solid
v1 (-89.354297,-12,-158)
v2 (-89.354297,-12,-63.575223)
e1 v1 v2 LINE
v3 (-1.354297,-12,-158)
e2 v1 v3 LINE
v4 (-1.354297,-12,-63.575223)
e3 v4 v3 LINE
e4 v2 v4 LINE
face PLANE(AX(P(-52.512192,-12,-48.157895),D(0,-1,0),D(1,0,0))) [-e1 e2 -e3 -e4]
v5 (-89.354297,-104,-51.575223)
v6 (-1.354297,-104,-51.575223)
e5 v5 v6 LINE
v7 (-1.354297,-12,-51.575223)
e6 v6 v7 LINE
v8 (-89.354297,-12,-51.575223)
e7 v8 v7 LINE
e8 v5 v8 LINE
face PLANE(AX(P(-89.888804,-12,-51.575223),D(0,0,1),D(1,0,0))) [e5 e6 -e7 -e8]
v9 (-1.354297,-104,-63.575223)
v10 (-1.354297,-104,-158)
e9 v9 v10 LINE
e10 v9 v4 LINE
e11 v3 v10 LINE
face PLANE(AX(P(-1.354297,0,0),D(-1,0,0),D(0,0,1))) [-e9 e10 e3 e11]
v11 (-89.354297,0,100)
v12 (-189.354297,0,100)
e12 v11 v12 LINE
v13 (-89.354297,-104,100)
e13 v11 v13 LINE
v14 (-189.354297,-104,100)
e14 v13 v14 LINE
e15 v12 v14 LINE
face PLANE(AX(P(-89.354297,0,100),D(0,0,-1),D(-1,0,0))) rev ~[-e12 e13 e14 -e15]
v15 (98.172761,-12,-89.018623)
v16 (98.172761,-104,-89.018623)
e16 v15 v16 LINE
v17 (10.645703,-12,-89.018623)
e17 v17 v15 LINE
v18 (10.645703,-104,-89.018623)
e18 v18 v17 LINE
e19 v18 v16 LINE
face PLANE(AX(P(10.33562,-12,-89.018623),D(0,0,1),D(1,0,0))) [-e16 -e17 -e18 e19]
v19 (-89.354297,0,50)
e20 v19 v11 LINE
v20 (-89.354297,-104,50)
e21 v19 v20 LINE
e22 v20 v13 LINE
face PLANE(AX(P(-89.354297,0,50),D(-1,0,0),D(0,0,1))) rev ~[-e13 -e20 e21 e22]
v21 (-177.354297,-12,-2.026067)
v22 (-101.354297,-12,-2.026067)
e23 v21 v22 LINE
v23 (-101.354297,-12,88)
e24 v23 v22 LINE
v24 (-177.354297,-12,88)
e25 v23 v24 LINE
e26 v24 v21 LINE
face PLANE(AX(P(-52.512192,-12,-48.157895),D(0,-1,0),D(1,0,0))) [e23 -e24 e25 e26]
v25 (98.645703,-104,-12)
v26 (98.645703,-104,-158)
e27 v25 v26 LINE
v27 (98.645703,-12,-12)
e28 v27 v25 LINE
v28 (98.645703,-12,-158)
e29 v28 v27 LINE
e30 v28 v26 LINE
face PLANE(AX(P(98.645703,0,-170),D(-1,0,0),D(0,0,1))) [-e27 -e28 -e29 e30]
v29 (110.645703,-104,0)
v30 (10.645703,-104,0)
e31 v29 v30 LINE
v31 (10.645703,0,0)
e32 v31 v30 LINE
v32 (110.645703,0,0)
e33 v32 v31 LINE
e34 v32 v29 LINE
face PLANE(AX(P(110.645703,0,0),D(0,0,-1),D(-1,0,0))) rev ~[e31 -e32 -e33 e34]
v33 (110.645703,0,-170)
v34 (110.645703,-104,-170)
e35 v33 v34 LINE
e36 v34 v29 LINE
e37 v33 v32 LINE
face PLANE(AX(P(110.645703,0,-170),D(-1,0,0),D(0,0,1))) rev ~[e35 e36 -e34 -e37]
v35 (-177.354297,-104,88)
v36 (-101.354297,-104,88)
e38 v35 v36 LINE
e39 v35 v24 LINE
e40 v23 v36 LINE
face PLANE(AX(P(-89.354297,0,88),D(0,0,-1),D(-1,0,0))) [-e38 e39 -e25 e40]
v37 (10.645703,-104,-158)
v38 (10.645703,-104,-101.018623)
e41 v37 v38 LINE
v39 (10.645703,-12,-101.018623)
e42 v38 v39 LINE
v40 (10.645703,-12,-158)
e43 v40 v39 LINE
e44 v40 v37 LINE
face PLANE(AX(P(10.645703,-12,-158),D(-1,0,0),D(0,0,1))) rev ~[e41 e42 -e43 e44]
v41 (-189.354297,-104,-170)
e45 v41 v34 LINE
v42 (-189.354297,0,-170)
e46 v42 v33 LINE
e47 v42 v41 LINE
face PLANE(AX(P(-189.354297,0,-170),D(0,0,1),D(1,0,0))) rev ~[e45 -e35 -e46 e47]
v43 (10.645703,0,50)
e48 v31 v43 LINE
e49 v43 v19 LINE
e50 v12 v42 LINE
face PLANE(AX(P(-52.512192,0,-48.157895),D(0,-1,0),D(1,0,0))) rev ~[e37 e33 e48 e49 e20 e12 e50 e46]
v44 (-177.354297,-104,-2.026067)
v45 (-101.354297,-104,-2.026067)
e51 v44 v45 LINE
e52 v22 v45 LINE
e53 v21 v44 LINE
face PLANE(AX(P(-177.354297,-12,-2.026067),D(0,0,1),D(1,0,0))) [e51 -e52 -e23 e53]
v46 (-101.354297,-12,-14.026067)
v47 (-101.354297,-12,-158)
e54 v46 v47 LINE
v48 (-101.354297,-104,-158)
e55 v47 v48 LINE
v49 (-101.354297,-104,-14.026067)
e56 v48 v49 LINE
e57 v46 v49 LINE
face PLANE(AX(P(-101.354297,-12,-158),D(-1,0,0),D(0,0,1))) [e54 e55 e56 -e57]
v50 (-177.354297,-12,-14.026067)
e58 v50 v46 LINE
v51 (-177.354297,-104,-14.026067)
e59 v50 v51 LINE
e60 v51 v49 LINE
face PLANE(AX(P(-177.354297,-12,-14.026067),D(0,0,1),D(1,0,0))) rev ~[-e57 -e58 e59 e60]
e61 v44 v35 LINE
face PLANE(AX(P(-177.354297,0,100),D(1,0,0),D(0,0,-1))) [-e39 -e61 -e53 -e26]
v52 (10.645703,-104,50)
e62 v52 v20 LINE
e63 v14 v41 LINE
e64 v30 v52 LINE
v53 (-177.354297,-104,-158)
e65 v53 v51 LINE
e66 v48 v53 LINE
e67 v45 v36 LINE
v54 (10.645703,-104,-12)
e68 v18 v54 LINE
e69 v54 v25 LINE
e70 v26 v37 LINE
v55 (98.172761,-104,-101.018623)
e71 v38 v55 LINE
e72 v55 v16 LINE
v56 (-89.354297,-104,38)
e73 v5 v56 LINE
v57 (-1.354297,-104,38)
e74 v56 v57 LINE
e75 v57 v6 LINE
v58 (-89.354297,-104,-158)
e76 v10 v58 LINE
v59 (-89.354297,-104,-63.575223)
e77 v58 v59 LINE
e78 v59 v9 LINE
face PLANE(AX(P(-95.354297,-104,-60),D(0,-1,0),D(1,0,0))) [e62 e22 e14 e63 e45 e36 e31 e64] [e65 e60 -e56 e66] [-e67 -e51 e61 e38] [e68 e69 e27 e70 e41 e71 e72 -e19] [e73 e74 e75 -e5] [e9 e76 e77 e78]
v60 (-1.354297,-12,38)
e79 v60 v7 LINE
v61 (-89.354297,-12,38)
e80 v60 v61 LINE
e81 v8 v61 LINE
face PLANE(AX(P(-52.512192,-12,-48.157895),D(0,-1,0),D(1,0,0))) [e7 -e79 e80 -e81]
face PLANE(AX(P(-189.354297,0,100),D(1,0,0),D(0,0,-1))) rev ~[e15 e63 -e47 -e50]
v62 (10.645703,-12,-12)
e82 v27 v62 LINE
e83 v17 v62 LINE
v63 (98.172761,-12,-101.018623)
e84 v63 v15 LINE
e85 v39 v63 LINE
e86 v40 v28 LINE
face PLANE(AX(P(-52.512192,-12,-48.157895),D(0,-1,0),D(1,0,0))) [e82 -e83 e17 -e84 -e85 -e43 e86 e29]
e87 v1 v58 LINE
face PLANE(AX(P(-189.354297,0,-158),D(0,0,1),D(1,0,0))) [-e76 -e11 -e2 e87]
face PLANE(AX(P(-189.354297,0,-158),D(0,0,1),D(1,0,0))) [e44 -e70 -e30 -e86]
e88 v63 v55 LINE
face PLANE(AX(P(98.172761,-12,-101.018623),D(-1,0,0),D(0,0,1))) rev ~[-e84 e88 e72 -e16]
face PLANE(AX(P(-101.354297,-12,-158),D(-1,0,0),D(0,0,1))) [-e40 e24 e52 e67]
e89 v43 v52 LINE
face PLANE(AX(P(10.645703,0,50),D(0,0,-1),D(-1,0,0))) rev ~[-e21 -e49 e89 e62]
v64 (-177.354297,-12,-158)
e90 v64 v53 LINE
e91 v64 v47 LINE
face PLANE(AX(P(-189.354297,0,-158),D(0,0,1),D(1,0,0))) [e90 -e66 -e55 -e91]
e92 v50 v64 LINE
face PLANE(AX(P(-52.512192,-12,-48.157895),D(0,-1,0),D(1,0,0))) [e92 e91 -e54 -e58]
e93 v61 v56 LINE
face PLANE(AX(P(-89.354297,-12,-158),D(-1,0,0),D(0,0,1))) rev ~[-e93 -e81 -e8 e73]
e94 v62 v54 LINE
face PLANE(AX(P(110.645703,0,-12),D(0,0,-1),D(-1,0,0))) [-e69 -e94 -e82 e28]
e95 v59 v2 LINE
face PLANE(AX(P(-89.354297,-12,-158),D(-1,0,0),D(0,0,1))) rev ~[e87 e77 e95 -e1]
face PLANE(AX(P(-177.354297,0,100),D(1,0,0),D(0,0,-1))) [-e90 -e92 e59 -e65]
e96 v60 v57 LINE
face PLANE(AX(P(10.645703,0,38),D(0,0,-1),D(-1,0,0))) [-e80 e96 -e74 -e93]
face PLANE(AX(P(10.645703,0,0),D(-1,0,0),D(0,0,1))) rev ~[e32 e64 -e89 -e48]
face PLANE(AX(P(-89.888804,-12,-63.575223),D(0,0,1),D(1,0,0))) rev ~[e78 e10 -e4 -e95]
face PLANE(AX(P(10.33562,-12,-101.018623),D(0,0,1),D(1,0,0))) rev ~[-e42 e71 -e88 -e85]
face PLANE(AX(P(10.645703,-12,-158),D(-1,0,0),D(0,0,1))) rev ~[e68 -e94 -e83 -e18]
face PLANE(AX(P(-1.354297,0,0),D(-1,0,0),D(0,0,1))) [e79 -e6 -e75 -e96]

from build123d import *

# Parameters (mm, degrees)
F1_DEPTH = 104
F2_T     = -12
F3_W     = 12
F3_H     = 196
F3_H_2   = 146
F4_DEPTH = 92
F5_W     = 76
F5_H     = 12
F5_W_2   = 89.8888036609
F5_W_3   = 87.8371410072
F6_DEPTH = 92


with BuildPart() as f1:
    # F0 (on Front) → F1 (new body)
    with BuildSketch(Plane.XZ):
        Polygon((-189.3542973706, 100), (-189.3542973706, -170), (110.6457026294, -170), (110.6457026294, 0), (10.6457026294, 0), (10.6457026294, 50), (-89.3542973706, 50), (-89.3542973706, 100), align=None)
    extrude(amount=F1_DEPTH)

    # F2
    f2_openings = [f1.faces().sort_by_distance(p)[0] for p in [
        (-54.505813, -104, -56.212121),
    ]]
    offset(amount=F2_T, openings=f2_openings, kind=Kind.INTERSECTION)

    # F3 (on face) → F4 (join)
    with BuildSketch(Plane.XZ.offset(12)):
        with Locations((-95.3542973706, -60)):
            Rectangle(F3_W, F3_H)
        with Locations((4.6457026294, -85)):
            Rectangle(F3_W, F3_H_2)
    extrude(amount=F4_DEPTH)

    # F5 (on face) → F6 (join)
    with BuildSketch(Plane.XZ.offset(12)):
        with Locations((-139.3542973706, -8.0260672197)):
            Rectangle(F5_W, F5_H)
        with Locations((-44.9444018304, -57.5752230883)):
            Rectangle(F5_W_2, F5_H)
        with Locations((54.2541909963, -95.0186225176)):
            Rectangle(F5_W_3, F5_H)
    extrude(amount=F6_DEPTH)


solid = f1.part
